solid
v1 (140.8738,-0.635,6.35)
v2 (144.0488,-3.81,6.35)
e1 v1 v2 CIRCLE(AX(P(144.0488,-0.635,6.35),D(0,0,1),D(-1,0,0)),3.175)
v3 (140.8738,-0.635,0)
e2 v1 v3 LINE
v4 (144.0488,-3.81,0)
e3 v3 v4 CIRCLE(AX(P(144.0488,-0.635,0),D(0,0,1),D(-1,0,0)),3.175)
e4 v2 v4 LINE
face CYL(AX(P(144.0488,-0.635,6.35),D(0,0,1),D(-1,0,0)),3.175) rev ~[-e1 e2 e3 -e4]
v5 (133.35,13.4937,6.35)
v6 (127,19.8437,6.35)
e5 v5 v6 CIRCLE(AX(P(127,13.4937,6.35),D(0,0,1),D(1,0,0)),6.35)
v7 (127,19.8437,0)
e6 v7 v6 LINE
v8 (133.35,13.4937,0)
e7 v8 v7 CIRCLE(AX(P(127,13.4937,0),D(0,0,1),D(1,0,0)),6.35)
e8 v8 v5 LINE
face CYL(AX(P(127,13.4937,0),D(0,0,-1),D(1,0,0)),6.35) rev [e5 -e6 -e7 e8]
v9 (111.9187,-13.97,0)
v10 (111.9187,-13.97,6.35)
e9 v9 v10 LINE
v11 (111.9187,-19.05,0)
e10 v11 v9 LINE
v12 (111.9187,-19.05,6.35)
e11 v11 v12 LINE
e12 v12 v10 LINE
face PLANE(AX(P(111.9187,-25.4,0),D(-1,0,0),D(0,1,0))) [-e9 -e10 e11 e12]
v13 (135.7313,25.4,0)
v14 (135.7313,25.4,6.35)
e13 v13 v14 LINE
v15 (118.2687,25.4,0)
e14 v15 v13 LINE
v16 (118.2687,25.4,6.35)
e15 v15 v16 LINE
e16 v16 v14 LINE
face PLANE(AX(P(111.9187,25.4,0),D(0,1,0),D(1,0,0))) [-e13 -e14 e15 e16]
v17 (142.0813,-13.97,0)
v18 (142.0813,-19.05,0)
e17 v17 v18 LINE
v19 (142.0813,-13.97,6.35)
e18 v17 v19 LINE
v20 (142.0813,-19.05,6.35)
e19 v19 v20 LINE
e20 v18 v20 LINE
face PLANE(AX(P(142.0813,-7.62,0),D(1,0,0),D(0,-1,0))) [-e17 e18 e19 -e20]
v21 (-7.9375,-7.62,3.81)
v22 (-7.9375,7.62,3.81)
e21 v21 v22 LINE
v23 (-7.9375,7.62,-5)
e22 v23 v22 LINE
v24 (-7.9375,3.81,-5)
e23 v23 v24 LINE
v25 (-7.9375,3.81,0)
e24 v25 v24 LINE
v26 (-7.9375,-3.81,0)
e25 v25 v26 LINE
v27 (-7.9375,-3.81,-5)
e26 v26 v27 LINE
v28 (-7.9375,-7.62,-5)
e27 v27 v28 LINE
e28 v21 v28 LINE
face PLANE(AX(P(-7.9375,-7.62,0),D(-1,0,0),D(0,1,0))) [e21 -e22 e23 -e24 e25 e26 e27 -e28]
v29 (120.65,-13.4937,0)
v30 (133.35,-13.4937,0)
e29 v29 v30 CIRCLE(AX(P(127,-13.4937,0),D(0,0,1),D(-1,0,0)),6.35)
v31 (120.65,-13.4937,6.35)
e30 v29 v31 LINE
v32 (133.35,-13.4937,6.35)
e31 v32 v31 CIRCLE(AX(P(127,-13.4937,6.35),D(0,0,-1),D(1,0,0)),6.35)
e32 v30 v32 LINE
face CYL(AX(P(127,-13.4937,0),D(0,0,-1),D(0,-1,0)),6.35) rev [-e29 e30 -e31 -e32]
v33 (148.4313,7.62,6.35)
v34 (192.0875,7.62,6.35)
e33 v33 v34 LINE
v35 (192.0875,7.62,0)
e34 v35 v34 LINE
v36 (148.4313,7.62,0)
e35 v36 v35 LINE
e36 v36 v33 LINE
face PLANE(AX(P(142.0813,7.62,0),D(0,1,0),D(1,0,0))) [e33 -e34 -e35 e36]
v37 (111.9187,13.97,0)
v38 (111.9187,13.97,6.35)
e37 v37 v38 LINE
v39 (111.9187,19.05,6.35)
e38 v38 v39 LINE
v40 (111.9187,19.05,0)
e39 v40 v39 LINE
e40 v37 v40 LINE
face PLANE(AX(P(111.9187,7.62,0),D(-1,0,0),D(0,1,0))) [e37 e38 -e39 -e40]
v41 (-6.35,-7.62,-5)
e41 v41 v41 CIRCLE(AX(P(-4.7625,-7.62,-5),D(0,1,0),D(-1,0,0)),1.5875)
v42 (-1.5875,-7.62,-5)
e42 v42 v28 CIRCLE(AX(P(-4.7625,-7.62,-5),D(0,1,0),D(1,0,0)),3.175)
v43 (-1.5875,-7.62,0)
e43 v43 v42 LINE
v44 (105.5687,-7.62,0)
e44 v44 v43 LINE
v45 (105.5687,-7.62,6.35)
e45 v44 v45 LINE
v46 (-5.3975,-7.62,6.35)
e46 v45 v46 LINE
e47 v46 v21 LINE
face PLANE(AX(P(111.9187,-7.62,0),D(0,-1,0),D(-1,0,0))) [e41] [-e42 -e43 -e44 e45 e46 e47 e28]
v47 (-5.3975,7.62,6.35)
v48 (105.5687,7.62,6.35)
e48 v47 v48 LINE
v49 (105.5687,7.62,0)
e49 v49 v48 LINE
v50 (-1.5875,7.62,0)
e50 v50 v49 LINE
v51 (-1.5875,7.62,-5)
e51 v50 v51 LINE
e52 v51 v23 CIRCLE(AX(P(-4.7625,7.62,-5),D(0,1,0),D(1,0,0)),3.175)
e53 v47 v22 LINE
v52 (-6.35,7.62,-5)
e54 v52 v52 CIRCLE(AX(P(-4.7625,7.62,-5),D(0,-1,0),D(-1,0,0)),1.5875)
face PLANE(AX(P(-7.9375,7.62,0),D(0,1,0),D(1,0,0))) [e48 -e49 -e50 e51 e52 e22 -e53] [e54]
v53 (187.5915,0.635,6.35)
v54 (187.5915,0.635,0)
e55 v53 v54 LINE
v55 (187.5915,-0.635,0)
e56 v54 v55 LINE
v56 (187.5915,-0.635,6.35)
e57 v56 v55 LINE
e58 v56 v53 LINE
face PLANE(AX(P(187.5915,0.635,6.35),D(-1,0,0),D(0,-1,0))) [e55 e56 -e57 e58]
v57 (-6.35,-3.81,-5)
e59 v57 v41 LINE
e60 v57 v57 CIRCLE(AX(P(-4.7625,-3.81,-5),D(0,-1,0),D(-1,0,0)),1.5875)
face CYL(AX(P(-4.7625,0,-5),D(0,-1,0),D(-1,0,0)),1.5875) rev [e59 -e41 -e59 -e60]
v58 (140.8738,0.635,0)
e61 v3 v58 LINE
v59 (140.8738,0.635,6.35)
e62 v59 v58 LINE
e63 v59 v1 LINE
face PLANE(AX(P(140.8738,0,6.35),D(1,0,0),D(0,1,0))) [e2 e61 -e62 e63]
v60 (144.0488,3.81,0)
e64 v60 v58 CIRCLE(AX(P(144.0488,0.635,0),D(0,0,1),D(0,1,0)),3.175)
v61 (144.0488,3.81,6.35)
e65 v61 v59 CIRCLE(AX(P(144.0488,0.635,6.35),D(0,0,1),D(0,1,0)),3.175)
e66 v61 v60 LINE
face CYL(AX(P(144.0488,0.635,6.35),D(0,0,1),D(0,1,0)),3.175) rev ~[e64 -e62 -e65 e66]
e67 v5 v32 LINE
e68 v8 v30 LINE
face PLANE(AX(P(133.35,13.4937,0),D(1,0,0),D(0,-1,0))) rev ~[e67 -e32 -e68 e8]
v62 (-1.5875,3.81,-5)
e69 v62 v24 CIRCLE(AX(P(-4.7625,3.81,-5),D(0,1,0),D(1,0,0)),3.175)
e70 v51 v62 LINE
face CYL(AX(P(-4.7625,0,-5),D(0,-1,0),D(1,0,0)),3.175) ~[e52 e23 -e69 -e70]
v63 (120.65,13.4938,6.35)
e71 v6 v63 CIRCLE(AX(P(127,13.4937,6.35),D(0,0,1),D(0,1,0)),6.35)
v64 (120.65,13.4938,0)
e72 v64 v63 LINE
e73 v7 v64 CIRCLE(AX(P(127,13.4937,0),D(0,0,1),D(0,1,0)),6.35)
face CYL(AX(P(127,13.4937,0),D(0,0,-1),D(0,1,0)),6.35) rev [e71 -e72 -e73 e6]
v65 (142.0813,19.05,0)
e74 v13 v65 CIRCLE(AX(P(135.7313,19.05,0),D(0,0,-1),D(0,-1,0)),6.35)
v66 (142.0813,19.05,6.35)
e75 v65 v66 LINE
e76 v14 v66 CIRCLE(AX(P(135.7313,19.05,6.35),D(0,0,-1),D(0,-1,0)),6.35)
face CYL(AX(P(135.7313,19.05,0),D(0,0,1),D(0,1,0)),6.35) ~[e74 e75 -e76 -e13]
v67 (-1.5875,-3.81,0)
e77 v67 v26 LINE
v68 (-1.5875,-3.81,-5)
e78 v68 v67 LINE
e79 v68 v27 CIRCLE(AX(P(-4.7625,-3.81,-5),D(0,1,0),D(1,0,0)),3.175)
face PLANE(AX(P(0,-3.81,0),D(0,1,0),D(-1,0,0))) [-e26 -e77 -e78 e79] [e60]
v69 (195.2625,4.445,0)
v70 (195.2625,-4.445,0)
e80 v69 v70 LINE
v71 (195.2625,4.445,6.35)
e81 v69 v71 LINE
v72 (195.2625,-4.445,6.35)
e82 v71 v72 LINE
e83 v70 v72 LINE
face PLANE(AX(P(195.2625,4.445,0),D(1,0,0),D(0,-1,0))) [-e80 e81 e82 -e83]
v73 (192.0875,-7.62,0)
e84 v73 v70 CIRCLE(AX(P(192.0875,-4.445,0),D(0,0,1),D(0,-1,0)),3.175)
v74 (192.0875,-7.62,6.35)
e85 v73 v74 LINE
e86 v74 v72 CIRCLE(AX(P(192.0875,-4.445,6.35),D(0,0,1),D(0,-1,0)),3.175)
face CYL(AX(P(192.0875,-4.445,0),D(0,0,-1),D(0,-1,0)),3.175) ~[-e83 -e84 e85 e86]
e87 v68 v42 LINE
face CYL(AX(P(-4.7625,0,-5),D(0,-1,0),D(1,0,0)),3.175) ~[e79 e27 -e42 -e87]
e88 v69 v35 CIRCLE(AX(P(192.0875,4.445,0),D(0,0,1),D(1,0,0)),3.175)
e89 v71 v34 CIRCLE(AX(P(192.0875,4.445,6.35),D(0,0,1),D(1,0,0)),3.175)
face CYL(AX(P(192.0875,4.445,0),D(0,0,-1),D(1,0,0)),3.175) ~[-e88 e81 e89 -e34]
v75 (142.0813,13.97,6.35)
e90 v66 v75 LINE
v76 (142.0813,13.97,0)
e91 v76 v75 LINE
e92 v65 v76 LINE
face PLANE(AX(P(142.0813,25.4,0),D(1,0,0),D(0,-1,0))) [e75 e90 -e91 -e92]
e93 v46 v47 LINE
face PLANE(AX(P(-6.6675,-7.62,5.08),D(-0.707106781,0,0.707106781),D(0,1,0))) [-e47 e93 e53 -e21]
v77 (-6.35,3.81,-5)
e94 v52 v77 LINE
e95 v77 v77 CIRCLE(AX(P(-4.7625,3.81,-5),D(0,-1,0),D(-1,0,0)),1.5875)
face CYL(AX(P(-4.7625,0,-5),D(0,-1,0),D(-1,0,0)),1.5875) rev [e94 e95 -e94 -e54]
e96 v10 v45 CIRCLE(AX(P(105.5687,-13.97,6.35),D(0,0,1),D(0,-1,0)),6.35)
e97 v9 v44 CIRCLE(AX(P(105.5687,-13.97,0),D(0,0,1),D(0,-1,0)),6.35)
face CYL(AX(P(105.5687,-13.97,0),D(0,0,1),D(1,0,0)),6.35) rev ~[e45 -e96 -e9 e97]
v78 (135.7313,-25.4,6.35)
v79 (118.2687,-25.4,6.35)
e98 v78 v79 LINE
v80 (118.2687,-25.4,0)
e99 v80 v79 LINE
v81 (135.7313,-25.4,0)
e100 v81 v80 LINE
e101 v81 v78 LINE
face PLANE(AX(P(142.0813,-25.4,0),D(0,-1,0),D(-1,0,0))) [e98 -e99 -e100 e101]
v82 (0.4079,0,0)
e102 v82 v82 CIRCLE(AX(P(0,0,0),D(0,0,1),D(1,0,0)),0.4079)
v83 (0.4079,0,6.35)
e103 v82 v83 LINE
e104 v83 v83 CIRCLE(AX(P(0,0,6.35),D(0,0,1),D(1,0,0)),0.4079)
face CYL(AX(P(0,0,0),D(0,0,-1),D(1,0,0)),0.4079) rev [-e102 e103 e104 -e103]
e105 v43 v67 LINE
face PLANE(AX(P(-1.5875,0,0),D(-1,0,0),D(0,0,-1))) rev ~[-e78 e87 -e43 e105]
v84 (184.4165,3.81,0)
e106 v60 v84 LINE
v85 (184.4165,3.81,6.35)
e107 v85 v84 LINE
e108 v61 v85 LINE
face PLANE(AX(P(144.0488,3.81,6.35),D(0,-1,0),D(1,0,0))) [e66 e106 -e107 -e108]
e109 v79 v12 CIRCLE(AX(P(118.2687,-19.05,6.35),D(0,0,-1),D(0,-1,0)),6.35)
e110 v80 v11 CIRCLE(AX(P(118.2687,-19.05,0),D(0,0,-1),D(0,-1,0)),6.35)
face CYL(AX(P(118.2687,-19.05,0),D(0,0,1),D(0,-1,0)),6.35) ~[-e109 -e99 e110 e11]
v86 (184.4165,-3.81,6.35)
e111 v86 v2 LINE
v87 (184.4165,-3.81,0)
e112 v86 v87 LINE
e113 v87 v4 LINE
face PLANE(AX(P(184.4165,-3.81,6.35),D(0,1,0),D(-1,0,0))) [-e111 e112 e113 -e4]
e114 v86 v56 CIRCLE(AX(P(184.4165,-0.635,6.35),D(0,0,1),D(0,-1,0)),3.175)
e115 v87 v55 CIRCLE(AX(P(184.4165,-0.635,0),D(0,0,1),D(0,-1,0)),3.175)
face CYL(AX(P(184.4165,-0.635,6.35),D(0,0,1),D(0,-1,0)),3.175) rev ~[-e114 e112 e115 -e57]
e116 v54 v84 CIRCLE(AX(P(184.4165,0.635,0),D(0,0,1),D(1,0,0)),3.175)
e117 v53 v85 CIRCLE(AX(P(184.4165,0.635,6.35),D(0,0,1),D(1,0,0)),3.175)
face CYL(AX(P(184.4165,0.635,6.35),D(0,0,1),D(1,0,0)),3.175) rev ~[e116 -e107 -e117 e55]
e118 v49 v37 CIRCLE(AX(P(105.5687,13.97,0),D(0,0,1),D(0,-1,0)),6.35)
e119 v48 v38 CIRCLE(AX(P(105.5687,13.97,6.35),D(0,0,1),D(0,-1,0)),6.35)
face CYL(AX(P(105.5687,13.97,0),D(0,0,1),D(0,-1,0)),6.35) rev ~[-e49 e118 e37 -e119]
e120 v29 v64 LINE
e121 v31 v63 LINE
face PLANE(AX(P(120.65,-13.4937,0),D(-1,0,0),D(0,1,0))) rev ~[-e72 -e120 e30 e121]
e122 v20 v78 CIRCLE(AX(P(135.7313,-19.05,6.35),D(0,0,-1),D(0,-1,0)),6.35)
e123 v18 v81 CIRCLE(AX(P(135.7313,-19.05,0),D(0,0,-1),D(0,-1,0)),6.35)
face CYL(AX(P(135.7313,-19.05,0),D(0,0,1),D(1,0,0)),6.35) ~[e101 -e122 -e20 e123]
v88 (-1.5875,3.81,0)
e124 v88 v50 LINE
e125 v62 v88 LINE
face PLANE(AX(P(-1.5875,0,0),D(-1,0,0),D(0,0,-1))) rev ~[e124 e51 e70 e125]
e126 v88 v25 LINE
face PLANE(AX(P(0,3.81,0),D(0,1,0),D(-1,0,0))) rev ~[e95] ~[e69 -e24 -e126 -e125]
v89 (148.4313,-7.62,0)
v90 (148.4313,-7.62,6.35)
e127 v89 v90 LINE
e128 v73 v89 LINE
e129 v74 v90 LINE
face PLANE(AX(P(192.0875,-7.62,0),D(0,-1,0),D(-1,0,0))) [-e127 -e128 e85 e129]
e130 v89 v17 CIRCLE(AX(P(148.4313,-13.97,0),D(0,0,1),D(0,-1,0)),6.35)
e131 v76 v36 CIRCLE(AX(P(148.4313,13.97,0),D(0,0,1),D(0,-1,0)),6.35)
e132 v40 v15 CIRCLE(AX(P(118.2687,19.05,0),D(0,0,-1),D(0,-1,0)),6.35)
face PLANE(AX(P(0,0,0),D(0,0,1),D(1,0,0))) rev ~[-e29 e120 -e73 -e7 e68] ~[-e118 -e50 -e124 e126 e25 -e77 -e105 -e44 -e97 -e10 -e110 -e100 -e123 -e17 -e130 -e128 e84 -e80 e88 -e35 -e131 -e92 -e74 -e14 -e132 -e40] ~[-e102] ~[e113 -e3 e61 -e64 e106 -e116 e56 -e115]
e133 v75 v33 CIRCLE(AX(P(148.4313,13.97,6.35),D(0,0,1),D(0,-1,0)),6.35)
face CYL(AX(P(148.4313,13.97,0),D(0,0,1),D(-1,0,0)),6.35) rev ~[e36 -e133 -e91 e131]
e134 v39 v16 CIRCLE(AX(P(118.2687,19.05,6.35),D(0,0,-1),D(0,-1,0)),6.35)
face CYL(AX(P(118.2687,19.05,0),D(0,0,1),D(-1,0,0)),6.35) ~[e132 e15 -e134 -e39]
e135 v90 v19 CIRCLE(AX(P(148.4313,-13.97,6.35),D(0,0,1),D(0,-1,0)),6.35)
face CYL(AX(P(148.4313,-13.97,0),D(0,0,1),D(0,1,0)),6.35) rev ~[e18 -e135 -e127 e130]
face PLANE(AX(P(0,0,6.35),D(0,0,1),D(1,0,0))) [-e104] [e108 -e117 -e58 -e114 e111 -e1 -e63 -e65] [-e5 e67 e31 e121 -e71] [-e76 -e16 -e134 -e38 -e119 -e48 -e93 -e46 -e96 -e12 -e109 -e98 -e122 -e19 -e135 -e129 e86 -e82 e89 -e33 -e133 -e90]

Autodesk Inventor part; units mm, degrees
ref_plane "YZ Plane" through (0, 0, 0) normal (1, 0, 0) x (0, 1, 0)
ref_plane "XY Plane" through (0, 0, 0) normal (0, 0, 1) x (1, 0, 0)
sketch "Sketch1" plane through (0, 0, 0) normal (0, 0, 1) x (1, 0, 0)
  line L0 (195.2625, 4.445) -> (195.2625, -4.445)
  line L1 (-7.9375, -7.62) -> (-7.9375, 7.62)
  circle A0 centre (0, 0) radius 0.4079
  arc A1 (195.2625, 4.445) -> (192.0875, 7.62) centre (192.0875, 4.445) ccw
  arc A2 (192.0875, -7.62) -> (195.2625, -4.445) centre (192.0875, -4.445) ccw
  line L2 (111.9187, 25.4) -> (142.0813, 25.4)
  line L3 (142.0813, -25.4) -> (111.9187, -25.4)
  line L4 (127, 42.8625) -> (127, -39.6875) construction
  line L5 (127, 19.8437) -> (127, 19.8437)
  line L6 (133.35, 13.4937) -> (133.35, -13.4937)
  line L7 (127, -19.8437) -> (127, -19.8437)
  line L8 (120.65, -13.4937) -> (120.65, 13.4938)
  arc A3 (127, 19.8437) -> (120.65, 13.4938) centre (127, 13.4937) ccw
  arc A4 (133.35, 13.4937) -> (127, 19.8437) centre (127, 13.4937) ccw
  arc A5 (127, -19.8437) -> (133.35, -13.4937) centre (127, -13.4937) ccw
  arc A6 (120.65, -13.4937) -> (127, -19.8437) centre (127, -13.4937) ccw
  line L9 (-7.9375, 7.62) -> (111.9187, 7.62)
  line L10 (142.0813, 7.62) -> (192.0875, 7.62)
  line L11 (192.0875, -7.62) -> (142.0813, -7.62)
  line L12 (111.9187, -7.62) -> (-7.9375, -7.62)
  line L13 (111.9187, -25.4) -> (111.9187, -7.62)
  line L14 (111.9187, 7.62) -> (111.9187, 25.4)
  line L15 (142.0813, 25.4) -> (142.0813, 7.62)
  line L16 (142.0813, -7.62) -> (142.0813, -25.4)
  point P0 (-7.9375, 0)
  point P1 (127, 25.4)
  point P2 (111.9187, 0)
  point P3 (120.65, 0)
  dimension "d0" = 15.24
  dimension "d1" = 203.2
  dimension "d2" = 3.175
  dimension "d3" = 127
  dimension "d4" = 6.35
  dimension "d43" = 25.4
  dimension "d44" = 25.4
extrude "Extrusion1" add sketch "Sketch1" along normal blind 6.35
ref_plane "Work Plane3" through (127, 7.62, 0) normal (1, 0, 0) x (0, 0, -1)
fillet "Fillet1" radius 6.35 8 edges at (142.0813, -25.4, 3.175) (111.9187, -25.4, 3.175) (142.0813, 25.4, 3.175) (111.9187, 25.4, 3.175) (142.0813, -7.62, 3.175) (111.9187, -7.62, 3.175) (111.9187, 7.62, 3.175) (142.0813, 7.62, 3.175)
sketch "Sketch10" plane through (0, 0, 6.35) normal (0, 0, 1) x (1, 0, 0)
  line L0 (144.0488, 3.81) -> (184.4165, 3.81)
  line L1 (187.5915, 0.635) -> (187.5915, -0.635)
  line L2 (184.4165, -3.81) -> (144.0488, -3.81)
  line L3 (140.8738, -0.635) -> (140.8738, 0.635)
  arc A0 (111.9187, -19.05) -> (118.2688, -25.4) centre (118.2688, -19.05) ccw projected
  line L4 (135.7313, -25.4) -> (118.2688, -25.4) projected
  arc A1 (135.7313, -25.4) -> (142.0813, -19.05) centre (135.7313, -19.05) ccw projected
  arc A2 (148.4313, -7.62) -> (142.0813, -13.97) centre (148.4313, -13.97) ccw projected
  line L5 (192.0875, -7.62) -> (148.4313, -7.62) projected
  arc A3 (192.0875, -7.62) -> (195.2625, -4.445) centre (192.0875, -4.445) ccw projected
  line L6 (195.2625, 4.445) -> (195.2625, -4.445) projected
  arc A4 (195.2625, 4.445) -> (192.0875, 7.62) centre (192.0875, 4.445) ccw projected
  line L7 (148.4313, 7.62) -> (192.0875, 7.62) projected
  arc A5 (142.0813, 13.97) -> (148.4313, 7.62) centre (148.4313, 13.97) ccw projected
  arc A6 (142.0813, 19.05) -> (135.7313, 25.4) centre (135.7313, 19.05) ccw projected
  line L8 (118.2687, 25.4) -> (135.7313, 25.4) projected
  arc A7 (118.2687, 25.4) -> (111.9187, 19.05) centre (118.2687, 19.05) ccw projected
  arc A8 (105.5687, 7.62) -> (111.9187, 13.97) centre (105.5687, 13.97) ccw projected
  line L9 (-7.9375, 7.62) -> (105.5687, 7.62) projected
  line L10 (-7.9375, -7.62) -> (-7.9375, 7.62) projected
  line L11 (105.5687, -7.62) -> (-7.9375, -7.62) projected
  arc A9 (111.9187, -13.97) -> (105.5687, -7.62) centre (105.5687, -13.97) ccw projected
  arc A10 (133.35, 13.4937) -> (120.65, 13.4938) centre (127, 13.4937) ccw projected
  line L12 (133.35, 13.4937) -> (133.35, -13.4937) projected
  arc A11 (120.65, -13.4937) -> (133.35, -13.4937) centre (127, -13.4937) ccw projected
  line L13 (120.65, -13.4937) -> (120.65, 13.4938) projected
  circle A12 centre (0, 0) radius 0.4079 projected
  line L14 (-7.9375, 7.62) -> (82.3369, 7.62)
  line L15 (82.3369, 7.62) -> (89.9679, 7.62)
  line L16 (195.2625, 4.445) -> (195.2625, -4.445) projected
  arc A13 (144.0488, 3.81) -> (140.8738, 0.635) centre (144.0488, 0.635) ccw
  arc A14 (140.8738, -0.635) -> (144.0488, -3.81) centre (144.0488, -0.635) ccw
  arc A15 (187.5915, 0.635) -> (184.4165, 3.81) centre (184.4165, 0.635) ccw
  arc A16 (184.4165, -3.81) -> (187.5915, -0.635) centre (184.4165, -0.635) ccw
  line L17 (-7.9375, 0) -> (195.2625, 0)
  line L18 (-7.9375, -7.62) -> (82.3369, -7.62)
  line L19 (82.3369, -7.62) -> (89.9679, -7.62)
  line L20 (142.0813, -13.97) -> (142.0813, -19.05) projected
  line L21 (142.0813, 19.05) -> (142.0813, 13.97) projected
  line L22 (111.9187, 13.97) -> (111.9187, 19.05) projected
  line L23 (111.9187, -19.05) -> (111.9187, -13.97) projected
  point P0 (187.5915, 0)
  point P1 (140.8738, 0)
  dimension "d22" = 3.175
  dimension "d23" = 7.62
  dimension "d24" = 3.175
  dimension "d25" = 7.62
  dimension "d26" = 7.62
extrude "Extrusion7" cut sketch "Sketch10" against normal through all contours L0 A15 L1 L17 L3 A13 | L17 L1 A16 L2 A14 L3
sketch "Sketch7" plane through (0, 0, 0) normal (0, 1, 0) x (-1, 0, 0)
  line L0 (7.9375, 0) -> (7.9375, -5)
  line L1 (7.9375, 0) -> (-19.05, 0)
  line L2 (-111.9187, 0) -> (7.9375, 0) projected
  line L3 (7.9375, 0) -> (1.5875, 0)
  line L4 (1.5875, 0) -> (1.5875, -5)
  line L5 (7.9375, -5) -> (7.9375, 0)
  arc A0 (1.5875, -5) -> (7.9375, -5) centre (4.7625, -5) ccw
  circle A1 centre (4.7625, -5) radius 1.5875
  line L6 (1.5875, -5) -> (3.175, -5)
  line L7 (6.35, -5) -> (7.9375, -5)
  line L8 (7.9375, 0) -> (-111.9187, 0) projected
  point P0 (0, 0)
  point P1 (-89.9679, 0)
  dimension "d35" = 6.35
  dimension "d40" = 5
  dimension "d41" = 3.175
  dimension "d42" = 3.175
extrude "Extrusion9" add sketch "Sketch7" along normal mid plane 15.24 contours L0 L7 A1 L6 L4 L1 | A0 L6 A1 L7
sketch "Sketch12" plane through (0, 0, 0) normal (0, 1, 0) x (-1, 0, 0)
  line L0 (1.5875, 0) -> (7.9375, 0)
  arc A0 (1.5875, -5) -> (7.9375, -5) centre (4.7625, -5) ccw projected
  arc A1 (1.5875, -5) -> (7.9375, -5) centre (4.7625, -5) ccw projected
  line L1 (7.9375, 6.35) -> (7.9375, -5) projected
  line L2 (1.5875, -5) -> (1.5875, 0) projected
  point P0 (0, 0)
extrude "Extrusion11" cut sketch "Sketch12" against normal mid plane 7.62
chamfer "Chamfer1" distance 2.54 angle 45 1 edges at (-7.9375, 0, 6.35)
properties part number "Scottish Yoke" material "Steel, High Strength Low Alloy"
